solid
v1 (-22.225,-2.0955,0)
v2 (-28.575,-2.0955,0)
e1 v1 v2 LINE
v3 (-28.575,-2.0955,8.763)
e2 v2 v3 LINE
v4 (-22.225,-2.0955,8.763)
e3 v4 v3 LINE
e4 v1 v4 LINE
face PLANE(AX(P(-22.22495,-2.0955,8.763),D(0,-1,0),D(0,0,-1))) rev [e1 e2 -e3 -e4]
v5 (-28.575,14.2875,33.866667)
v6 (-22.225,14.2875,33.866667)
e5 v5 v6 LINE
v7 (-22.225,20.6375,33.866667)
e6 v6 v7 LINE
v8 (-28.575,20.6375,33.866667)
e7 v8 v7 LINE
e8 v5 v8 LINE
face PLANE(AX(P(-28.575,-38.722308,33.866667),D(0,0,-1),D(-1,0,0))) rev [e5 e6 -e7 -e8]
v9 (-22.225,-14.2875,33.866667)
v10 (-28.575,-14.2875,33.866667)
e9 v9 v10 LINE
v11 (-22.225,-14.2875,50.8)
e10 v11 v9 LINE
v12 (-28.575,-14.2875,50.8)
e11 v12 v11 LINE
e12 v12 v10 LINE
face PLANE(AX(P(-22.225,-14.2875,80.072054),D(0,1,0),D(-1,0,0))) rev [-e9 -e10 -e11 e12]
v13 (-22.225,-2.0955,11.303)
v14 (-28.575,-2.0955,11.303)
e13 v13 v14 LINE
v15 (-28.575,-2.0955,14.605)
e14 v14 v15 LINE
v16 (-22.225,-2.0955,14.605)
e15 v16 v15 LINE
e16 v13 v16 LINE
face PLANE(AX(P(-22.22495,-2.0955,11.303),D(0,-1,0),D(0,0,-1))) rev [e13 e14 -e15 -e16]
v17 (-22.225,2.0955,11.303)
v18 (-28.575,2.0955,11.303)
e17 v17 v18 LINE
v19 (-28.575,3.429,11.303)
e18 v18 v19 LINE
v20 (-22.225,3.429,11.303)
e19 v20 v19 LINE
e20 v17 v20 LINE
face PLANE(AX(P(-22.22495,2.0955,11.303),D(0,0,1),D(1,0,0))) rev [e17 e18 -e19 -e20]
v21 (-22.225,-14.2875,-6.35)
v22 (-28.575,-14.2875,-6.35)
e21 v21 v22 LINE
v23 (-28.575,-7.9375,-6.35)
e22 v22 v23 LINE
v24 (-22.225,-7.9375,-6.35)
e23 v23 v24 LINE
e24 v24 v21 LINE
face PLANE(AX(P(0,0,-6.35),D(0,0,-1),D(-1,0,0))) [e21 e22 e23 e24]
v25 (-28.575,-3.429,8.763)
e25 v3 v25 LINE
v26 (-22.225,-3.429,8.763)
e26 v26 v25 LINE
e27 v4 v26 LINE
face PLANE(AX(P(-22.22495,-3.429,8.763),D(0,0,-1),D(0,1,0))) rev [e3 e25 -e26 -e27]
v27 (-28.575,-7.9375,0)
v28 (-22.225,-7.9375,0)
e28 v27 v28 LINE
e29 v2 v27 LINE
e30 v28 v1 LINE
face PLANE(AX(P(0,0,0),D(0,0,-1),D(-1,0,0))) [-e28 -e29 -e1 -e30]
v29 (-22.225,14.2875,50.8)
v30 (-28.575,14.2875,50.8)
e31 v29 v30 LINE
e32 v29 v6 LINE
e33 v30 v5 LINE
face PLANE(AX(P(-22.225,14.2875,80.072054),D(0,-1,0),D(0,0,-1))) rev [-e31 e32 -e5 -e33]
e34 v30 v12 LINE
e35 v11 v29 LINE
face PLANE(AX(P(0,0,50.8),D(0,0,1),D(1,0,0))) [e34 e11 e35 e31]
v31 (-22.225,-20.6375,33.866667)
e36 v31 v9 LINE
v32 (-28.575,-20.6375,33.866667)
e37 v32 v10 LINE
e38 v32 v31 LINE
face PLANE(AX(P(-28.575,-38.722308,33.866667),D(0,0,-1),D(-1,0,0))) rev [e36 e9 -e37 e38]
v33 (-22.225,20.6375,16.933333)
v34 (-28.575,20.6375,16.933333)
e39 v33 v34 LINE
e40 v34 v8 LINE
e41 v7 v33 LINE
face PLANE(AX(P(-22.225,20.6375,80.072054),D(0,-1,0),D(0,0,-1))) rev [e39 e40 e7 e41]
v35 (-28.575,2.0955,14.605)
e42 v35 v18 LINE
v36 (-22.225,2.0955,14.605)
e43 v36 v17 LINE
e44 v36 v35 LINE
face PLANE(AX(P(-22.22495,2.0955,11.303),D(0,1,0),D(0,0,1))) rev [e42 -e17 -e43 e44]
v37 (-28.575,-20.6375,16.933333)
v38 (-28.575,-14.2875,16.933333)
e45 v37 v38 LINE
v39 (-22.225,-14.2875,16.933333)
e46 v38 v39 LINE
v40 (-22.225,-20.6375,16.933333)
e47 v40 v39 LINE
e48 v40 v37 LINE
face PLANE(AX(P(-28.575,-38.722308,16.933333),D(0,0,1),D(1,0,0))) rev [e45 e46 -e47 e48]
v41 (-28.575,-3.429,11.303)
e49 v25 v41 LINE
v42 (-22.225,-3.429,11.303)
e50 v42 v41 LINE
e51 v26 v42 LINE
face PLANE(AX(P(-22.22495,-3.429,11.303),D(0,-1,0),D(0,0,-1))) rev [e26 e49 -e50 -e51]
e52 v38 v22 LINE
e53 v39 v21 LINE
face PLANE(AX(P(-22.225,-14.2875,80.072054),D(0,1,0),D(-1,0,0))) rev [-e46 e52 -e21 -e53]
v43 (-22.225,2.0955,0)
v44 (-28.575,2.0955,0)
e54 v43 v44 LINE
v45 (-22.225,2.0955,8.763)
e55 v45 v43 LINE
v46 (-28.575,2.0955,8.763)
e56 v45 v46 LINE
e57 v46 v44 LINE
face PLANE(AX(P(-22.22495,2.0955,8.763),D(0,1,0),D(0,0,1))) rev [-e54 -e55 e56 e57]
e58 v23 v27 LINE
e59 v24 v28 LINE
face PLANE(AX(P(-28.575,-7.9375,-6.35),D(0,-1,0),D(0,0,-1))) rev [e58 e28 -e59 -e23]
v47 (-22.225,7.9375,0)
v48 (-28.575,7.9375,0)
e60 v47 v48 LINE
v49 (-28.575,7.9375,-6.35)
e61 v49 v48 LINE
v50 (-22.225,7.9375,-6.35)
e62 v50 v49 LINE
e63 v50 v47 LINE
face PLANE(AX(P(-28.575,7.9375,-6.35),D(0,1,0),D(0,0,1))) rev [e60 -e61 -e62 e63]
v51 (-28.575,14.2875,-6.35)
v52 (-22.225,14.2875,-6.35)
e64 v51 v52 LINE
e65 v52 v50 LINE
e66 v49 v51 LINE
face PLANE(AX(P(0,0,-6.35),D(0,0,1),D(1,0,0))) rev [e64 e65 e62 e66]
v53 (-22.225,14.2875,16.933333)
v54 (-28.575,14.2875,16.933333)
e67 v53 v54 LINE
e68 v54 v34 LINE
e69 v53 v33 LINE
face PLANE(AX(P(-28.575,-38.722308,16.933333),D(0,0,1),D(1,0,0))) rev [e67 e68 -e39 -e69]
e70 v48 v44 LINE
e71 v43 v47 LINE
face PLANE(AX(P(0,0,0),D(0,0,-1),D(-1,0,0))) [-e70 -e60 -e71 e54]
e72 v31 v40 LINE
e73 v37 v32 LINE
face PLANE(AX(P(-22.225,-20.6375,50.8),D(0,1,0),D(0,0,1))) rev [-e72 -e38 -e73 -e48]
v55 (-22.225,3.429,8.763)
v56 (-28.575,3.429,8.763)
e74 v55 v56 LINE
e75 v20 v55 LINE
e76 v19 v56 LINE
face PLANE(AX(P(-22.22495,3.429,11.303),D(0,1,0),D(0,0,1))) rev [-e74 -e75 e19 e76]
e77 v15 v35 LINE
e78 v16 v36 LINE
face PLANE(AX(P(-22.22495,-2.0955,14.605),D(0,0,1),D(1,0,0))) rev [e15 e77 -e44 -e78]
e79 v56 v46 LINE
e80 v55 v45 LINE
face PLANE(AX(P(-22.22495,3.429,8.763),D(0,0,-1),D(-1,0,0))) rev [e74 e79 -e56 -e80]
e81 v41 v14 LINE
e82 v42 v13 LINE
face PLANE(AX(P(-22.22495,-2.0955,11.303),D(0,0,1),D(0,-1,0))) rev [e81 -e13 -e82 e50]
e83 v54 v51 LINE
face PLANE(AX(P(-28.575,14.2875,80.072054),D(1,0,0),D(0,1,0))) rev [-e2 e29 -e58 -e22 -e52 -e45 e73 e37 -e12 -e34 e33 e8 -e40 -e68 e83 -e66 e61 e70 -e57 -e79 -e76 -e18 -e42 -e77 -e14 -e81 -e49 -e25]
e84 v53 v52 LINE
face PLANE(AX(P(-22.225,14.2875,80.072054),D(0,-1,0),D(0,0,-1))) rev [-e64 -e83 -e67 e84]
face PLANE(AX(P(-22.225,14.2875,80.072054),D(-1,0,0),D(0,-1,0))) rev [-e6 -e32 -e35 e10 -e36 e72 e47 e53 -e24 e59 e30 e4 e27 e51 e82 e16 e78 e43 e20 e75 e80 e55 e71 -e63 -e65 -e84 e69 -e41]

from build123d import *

# Parameters (mm, degrees)
SKETCH1_W           = 6.35
SKETCH1_H           = 28.575
BOSS_EXTRUDE1_DEPTH = 50.8
BOSS_EXTRUDE2_START = -34.925
SKETCH2_W           = 6.35
SKETCH2_H           = 16.933333334
BOSS_EXTRUDE2_DEPTH = 41.275
SKETCH3_W           = 6.35
SKETCH3_H           = 6.35
BOSS_EXTRUDE3_DEPTH = 6.35
CUT_EXTRUDE1_DEPTH  = 56.198450216


with BuildPart() as part:
    # Sketch1 → Boss-Extrude1 (new body)
    with BuildSketch(Plane.XY):
        with Locations((-25.4, 0)):
            Rectangle(SKETCH1_W, SKETCH1_H)
    extrude(amount=BOSS_EXTRUDE1_DEPTH)

    # Sketch2 → Boss-Extrude2 (add)
    with BuildSketch(Plane(origin=(0, -14.2875, 0), x_dir=(-1, 0, 0), z_dir=(0, -1, 0)).offset(BOSS_EXTRUDE2_START)):
        with Locations((25.4, -25.4)):
            Rectangle(SKETCH2_W, SKETCH2_H)
    extrude(amount=BOSS_EXTRUDE2_DEPTH)

    # Sketch3 → Boss-Extrude3 (add)
    with BuildSketch(Plane(origin=(0, 0, 0), x_dir=(-1, 0, 0), z_dir=(0, 0, -1))):
        with Locations((25.4, 11.1125)):
            Rectangle(SKETCH3_W, SKETCH3_H)
        with Locations((25.4, -11.1125)):
            Rectangle(SKETCH3_W, SKETCH3_H)
    extrude(amount=BOSS_EXTRUDE3_DEPTH)

    # Sketch4 → Cut-Extrude1 (cut, through all)
    with BuildSketch(Plane.ZY.offset(28.575)):
        Polygon((0, 2.0955), (0, -2.0955), (8.763, -2.0955), (8.763, -3.429), (11.303, -3.429), (11.303, -2.0955), (14.605, -2.0955), (14.605, 2.0955), (11.303, 2.0955), (11.303, 3.429), (8.763, 3.429), (8.763, 2.0955), align=None)
    extrude(amount=-CUT_EXTRUDE1_DEPTH, mode=Mode.SUBTRACT)


solid = part.part
